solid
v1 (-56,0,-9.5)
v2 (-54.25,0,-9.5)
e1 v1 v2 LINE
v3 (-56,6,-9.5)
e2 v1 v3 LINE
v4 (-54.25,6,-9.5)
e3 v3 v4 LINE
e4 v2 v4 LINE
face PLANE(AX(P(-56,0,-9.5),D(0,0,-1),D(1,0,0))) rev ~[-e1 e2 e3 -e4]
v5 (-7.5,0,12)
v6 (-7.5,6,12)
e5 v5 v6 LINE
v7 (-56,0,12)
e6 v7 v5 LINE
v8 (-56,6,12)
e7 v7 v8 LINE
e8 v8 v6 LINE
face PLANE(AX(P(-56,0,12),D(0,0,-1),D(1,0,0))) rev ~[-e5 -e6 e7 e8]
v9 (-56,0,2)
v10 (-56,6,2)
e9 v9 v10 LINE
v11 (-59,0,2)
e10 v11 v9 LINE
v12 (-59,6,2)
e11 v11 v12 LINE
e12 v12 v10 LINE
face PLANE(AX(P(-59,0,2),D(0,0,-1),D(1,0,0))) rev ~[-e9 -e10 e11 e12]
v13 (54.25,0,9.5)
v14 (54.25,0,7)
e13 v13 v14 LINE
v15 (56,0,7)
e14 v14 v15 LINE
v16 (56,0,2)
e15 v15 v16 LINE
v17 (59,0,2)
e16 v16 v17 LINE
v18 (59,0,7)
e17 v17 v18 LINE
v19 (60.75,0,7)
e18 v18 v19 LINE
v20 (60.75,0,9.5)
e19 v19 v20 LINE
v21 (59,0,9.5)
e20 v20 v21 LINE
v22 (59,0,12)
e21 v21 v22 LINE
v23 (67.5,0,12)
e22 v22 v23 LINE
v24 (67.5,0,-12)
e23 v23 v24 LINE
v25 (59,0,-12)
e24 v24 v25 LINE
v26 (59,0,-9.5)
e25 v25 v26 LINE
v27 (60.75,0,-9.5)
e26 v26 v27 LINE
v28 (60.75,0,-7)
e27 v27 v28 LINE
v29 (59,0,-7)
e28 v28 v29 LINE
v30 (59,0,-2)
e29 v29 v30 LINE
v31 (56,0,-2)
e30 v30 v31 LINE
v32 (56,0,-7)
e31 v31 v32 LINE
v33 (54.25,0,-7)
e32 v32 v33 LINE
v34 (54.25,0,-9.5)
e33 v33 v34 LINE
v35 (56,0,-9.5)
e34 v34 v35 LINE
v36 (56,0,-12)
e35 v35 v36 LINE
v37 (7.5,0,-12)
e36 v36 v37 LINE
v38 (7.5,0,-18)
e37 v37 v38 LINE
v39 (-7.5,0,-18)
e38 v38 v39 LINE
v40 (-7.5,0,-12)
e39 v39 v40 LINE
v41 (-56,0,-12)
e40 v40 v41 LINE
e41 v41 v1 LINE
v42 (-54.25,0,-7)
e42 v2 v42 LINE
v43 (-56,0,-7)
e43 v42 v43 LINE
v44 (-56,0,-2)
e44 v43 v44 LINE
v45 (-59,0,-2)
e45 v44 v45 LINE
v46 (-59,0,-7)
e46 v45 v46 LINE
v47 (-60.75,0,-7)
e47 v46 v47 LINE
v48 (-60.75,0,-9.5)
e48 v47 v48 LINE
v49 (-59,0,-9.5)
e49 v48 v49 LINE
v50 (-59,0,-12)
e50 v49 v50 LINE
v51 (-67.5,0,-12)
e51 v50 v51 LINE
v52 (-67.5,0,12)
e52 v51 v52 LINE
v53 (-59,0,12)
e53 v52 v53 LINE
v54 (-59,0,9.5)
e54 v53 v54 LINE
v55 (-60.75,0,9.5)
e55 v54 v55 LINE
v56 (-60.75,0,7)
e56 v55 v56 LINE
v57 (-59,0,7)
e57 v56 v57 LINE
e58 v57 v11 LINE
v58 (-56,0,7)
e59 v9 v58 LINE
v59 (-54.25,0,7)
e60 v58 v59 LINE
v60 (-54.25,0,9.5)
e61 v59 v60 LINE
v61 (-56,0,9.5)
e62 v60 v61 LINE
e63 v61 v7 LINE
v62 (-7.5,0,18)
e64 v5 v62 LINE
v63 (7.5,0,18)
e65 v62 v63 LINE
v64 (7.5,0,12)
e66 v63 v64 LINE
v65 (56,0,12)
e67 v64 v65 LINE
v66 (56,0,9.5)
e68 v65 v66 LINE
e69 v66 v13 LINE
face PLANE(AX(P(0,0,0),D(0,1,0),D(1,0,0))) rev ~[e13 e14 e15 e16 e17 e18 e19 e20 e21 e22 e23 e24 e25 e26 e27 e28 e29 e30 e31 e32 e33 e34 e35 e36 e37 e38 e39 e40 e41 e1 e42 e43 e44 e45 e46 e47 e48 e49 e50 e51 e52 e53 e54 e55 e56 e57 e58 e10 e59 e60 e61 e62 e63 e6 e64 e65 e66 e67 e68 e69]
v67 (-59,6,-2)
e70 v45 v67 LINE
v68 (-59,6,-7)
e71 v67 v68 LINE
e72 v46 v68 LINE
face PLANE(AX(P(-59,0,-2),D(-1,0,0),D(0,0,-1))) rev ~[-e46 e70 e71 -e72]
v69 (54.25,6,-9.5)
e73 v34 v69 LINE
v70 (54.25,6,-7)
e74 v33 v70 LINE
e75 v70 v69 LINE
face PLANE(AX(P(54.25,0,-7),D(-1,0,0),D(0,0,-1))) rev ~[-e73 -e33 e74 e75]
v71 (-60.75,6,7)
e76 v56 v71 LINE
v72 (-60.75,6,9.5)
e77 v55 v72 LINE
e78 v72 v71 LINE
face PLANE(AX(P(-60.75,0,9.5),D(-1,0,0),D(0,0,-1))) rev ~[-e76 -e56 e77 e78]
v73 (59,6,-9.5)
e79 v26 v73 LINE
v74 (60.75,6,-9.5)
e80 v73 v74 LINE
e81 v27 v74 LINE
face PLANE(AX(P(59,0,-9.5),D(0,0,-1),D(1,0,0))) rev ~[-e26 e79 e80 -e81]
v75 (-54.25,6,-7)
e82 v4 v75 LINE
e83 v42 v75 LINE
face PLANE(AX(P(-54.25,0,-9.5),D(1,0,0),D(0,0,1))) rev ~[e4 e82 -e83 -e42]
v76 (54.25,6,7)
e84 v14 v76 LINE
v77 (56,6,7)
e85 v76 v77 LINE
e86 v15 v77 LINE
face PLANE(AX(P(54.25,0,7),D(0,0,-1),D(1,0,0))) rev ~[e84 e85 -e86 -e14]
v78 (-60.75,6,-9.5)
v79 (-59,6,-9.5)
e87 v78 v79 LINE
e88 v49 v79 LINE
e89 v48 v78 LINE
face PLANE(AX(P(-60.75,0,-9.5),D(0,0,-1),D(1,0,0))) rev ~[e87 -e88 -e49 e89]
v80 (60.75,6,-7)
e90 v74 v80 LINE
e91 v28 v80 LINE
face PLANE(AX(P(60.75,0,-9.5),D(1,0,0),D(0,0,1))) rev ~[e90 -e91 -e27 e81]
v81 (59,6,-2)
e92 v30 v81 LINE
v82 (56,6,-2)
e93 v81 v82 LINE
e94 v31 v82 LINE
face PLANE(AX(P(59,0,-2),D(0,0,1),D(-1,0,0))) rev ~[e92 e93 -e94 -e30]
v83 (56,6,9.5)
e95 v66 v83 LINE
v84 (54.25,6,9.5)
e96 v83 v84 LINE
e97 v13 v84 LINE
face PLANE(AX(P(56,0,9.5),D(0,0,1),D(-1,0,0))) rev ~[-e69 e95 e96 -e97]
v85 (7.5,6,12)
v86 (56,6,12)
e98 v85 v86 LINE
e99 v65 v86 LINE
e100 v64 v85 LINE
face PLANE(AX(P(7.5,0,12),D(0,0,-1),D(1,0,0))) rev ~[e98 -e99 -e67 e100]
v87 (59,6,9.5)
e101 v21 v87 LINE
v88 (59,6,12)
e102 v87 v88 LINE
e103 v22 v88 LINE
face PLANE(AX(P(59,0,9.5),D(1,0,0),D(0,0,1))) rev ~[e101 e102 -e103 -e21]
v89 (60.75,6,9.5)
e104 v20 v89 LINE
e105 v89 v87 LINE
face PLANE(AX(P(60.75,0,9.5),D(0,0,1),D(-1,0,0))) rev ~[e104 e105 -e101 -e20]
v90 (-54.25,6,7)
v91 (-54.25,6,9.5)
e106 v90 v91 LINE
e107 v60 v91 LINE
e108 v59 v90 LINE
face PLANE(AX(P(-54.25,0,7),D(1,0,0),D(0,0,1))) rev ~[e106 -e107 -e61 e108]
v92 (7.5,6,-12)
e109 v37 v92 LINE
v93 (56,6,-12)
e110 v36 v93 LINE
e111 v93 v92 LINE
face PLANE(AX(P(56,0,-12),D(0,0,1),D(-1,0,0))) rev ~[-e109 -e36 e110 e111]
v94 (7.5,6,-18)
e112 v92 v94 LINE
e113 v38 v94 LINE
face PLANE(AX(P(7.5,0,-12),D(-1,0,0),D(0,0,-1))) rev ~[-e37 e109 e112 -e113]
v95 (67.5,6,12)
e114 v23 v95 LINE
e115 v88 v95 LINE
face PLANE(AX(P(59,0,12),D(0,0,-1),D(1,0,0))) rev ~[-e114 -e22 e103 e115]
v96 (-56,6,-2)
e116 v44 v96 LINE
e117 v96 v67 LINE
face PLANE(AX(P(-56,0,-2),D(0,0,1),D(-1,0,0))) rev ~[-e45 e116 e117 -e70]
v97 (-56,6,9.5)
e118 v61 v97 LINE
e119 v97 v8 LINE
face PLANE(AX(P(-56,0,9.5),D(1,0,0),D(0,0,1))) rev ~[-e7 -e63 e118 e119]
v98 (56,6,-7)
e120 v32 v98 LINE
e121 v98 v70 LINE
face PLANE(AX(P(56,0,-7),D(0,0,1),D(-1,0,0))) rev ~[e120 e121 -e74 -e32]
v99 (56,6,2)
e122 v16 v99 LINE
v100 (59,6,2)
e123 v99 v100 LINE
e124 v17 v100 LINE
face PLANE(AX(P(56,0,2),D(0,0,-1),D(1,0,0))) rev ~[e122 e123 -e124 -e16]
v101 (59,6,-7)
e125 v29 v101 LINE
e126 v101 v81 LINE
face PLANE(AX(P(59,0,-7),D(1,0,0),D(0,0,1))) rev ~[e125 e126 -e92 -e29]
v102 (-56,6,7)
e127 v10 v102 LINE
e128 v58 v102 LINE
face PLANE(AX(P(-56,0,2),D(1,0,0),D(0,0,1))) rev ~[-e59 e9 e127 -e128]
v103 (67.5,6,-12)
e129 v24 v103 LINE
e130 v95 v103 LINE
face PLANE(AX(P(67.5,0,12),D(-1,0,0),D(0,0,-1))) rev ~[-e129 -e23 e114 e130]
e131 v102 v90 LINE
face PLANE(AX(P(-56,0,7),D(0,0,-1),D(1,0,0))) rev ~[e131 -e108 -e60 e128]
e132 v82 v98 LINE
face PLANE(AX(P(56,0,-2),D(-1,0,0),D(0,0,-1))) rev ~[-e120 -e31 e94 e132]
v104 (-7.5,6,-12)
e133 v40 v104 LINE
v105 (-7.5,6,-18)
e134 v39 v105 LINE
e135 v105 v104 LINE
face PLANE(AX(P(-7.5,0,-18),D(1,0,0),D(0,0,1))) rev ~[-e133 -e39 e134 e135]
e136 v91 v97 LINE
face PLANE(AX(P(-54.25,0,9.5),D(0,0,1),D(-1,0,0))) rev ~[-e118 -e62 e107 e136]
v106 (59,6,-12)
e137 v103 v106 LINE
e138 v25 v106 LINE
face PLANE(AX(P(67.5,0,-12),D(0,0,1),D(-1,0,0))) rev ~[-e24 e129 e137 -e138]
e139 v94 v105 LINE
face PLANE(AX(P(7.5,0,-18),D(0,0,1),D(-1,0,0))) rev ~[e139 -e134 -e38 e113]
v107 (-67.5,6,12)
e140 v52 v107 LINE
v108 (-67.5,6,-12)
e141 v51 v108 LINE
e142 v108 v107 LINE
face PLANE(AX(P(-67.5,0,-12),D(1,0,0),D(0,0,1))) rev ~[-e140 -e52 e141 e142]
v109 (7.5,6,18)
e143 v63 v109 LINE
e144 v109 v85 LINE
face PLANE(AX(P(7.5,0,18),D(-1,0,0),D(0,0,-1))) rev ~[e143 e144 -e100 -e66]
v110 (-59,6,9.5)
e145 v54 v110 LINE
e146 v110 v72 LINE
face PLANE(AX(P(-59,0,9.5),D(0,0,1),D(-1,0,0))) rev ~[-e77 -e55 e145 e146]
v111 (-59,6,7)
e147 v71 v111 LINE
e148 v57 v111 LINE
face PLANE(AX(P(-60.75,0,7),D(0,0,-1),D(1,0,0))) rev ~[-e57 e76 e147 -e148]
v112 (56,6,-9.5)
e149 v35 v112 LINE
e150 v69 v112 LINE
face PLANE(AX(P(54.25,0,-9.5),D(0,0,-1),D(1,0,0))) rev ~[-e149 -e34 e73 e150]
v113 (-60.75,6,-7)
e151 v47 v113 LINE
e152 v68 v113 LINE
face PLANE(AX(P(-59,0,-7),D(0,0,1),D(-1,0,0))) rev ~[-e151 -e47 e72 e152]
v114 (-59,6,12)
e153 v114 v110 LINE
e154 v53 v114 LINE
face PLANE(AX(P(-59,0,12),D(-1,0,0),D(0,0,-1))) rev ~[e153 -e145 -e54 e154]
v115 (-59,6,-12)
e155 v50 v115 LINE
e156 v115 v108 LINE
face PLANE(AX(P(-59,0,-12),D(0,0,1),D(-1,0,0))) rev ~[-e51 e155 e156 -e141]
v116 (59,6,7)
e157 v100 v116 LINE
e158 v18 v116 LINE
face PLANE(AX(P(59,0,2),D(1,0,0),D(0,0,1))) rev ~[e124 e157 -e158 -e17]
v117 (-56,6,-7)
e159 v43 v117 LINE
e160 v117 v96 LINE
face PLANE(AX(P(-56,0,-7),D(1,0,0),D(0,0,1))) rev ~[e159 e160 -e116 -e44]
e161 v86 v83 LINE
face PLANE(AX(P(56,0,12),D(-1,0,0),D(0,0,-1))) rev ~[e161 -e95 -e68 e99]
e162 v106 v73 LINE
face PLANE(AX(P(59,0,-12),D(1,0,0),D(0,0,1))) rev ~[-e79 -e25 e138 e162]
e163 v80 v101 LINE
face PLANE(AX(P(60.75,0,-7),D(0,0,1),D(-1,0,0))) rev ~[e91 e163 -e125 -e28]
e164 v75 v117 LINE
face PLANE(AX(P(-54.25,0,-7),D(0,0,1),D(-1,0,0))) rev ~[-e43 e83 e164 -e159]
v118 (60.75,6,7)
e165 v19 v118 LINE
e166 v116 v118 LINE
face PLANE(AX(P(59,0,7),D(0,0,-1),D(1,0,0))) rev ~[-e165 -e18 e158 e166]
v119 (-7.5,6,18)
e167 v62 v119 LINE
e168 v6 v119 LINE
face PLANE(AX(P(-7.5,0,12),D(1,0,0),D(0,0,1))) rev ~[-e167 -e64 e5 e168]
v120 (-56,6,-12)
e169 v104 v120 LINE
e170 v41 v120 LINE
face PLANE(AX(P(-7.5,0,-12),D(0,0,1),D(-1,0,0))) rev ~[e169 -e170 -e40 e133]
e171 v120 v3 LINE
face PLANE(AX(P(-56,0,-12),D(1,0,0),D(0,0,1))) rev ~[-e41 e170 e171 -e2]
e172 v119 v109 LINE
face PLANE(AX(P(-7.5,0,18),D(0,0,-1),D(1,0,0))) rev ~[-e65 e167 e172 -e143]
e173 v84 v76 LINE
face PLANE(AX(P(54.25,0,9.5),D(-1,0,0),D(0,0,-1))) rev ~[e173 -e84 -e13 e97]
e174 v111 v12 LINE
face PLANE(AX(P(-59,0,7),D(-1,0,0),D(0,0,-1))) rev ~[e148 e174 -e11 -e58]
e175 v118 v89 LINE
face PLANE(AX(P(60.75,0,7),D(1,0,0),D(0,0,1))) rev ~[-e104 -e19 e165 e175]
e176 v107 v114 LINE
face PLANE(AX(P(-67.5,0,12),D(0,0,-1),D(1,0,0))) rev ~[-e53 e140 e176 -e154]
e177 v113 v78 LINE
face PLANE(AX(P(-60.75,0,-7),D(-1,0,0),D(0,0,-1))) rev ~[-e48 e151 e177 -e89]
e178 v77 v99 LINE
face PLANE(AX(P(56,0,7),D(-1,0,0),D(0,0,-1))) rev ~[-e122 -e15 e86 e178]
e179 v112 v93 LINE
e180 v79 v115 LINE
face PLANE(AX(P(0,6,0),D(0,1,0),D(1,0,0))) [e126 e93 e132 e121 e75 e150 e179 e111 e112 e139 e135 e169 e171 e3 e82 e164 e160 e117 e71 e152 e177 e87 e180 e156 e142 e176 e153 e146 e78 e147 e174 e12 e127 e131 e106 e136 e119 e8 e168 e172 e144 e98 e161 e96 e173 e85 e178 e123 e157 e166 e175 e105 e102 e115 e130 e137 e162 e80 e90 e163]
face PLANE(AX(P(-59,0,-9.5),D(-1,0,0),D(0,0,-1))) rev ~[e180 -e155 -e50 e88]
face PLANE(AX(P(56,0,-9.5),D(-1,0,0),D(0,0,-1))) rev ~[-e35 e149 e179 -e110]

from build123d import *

# Parameters (mm, degrees)
BOSS_EXTRUDE1_DEPTH = 6


with BuildPart() as part:
    # Sketch1 → Boss-Extrude1 (new body)
    with BuildSketch(Plane(origin=(0, 0, 0), x_dir=(1, 0, 0), z_dir=(0, 1, 0))):
        Polygon((-59, 12), (-67.5, 12), (-67.5, -12), (-59, -12), (-59, -9.5), (-60.75, -9.5), (-60.75, -7), (-59, -7), (-59, -2), (-56, -2), (-56, -7), (-54.25, -7), (-54.25, -9.5), (-56, -9.5), (-56, -12), (-7.5, -12), (-7.5, -18), (7.5, -18), (7.5, -12), (56, -12), (56, -9.5), (54.25, -9.5), (54.25, -7), (56, -7), (56, -2), (59, -2), (59, -7), (60.75, -7), (60.75, -9.5), (59, -9.5), (59, -12), (67.5, -12), (67.5, 12), (59, 12), (59, 9.5), (60.75, 9.5), (60.75, 7), (59, 7), (59, 2), (56, 2), (56, 7), (54.25, 7), (54.25, 9.5), (56, 9.5), (56, 12), (7.5, 12), (7.5, 18), (-7.5, 18), (-7.5, 12), (-56, 12), (-56, 9.5), (-54.25, 9.5), (-54.25, 7), (-56, 7), (-56, 2), (-59, 2), (-59, 7), (-60.75, 7), (-60.75, 9.5), (-59, 9.5), align=None)
    extrude(amount=BOSS_EXTRUDE1_DEPTH)


solid = part.part
